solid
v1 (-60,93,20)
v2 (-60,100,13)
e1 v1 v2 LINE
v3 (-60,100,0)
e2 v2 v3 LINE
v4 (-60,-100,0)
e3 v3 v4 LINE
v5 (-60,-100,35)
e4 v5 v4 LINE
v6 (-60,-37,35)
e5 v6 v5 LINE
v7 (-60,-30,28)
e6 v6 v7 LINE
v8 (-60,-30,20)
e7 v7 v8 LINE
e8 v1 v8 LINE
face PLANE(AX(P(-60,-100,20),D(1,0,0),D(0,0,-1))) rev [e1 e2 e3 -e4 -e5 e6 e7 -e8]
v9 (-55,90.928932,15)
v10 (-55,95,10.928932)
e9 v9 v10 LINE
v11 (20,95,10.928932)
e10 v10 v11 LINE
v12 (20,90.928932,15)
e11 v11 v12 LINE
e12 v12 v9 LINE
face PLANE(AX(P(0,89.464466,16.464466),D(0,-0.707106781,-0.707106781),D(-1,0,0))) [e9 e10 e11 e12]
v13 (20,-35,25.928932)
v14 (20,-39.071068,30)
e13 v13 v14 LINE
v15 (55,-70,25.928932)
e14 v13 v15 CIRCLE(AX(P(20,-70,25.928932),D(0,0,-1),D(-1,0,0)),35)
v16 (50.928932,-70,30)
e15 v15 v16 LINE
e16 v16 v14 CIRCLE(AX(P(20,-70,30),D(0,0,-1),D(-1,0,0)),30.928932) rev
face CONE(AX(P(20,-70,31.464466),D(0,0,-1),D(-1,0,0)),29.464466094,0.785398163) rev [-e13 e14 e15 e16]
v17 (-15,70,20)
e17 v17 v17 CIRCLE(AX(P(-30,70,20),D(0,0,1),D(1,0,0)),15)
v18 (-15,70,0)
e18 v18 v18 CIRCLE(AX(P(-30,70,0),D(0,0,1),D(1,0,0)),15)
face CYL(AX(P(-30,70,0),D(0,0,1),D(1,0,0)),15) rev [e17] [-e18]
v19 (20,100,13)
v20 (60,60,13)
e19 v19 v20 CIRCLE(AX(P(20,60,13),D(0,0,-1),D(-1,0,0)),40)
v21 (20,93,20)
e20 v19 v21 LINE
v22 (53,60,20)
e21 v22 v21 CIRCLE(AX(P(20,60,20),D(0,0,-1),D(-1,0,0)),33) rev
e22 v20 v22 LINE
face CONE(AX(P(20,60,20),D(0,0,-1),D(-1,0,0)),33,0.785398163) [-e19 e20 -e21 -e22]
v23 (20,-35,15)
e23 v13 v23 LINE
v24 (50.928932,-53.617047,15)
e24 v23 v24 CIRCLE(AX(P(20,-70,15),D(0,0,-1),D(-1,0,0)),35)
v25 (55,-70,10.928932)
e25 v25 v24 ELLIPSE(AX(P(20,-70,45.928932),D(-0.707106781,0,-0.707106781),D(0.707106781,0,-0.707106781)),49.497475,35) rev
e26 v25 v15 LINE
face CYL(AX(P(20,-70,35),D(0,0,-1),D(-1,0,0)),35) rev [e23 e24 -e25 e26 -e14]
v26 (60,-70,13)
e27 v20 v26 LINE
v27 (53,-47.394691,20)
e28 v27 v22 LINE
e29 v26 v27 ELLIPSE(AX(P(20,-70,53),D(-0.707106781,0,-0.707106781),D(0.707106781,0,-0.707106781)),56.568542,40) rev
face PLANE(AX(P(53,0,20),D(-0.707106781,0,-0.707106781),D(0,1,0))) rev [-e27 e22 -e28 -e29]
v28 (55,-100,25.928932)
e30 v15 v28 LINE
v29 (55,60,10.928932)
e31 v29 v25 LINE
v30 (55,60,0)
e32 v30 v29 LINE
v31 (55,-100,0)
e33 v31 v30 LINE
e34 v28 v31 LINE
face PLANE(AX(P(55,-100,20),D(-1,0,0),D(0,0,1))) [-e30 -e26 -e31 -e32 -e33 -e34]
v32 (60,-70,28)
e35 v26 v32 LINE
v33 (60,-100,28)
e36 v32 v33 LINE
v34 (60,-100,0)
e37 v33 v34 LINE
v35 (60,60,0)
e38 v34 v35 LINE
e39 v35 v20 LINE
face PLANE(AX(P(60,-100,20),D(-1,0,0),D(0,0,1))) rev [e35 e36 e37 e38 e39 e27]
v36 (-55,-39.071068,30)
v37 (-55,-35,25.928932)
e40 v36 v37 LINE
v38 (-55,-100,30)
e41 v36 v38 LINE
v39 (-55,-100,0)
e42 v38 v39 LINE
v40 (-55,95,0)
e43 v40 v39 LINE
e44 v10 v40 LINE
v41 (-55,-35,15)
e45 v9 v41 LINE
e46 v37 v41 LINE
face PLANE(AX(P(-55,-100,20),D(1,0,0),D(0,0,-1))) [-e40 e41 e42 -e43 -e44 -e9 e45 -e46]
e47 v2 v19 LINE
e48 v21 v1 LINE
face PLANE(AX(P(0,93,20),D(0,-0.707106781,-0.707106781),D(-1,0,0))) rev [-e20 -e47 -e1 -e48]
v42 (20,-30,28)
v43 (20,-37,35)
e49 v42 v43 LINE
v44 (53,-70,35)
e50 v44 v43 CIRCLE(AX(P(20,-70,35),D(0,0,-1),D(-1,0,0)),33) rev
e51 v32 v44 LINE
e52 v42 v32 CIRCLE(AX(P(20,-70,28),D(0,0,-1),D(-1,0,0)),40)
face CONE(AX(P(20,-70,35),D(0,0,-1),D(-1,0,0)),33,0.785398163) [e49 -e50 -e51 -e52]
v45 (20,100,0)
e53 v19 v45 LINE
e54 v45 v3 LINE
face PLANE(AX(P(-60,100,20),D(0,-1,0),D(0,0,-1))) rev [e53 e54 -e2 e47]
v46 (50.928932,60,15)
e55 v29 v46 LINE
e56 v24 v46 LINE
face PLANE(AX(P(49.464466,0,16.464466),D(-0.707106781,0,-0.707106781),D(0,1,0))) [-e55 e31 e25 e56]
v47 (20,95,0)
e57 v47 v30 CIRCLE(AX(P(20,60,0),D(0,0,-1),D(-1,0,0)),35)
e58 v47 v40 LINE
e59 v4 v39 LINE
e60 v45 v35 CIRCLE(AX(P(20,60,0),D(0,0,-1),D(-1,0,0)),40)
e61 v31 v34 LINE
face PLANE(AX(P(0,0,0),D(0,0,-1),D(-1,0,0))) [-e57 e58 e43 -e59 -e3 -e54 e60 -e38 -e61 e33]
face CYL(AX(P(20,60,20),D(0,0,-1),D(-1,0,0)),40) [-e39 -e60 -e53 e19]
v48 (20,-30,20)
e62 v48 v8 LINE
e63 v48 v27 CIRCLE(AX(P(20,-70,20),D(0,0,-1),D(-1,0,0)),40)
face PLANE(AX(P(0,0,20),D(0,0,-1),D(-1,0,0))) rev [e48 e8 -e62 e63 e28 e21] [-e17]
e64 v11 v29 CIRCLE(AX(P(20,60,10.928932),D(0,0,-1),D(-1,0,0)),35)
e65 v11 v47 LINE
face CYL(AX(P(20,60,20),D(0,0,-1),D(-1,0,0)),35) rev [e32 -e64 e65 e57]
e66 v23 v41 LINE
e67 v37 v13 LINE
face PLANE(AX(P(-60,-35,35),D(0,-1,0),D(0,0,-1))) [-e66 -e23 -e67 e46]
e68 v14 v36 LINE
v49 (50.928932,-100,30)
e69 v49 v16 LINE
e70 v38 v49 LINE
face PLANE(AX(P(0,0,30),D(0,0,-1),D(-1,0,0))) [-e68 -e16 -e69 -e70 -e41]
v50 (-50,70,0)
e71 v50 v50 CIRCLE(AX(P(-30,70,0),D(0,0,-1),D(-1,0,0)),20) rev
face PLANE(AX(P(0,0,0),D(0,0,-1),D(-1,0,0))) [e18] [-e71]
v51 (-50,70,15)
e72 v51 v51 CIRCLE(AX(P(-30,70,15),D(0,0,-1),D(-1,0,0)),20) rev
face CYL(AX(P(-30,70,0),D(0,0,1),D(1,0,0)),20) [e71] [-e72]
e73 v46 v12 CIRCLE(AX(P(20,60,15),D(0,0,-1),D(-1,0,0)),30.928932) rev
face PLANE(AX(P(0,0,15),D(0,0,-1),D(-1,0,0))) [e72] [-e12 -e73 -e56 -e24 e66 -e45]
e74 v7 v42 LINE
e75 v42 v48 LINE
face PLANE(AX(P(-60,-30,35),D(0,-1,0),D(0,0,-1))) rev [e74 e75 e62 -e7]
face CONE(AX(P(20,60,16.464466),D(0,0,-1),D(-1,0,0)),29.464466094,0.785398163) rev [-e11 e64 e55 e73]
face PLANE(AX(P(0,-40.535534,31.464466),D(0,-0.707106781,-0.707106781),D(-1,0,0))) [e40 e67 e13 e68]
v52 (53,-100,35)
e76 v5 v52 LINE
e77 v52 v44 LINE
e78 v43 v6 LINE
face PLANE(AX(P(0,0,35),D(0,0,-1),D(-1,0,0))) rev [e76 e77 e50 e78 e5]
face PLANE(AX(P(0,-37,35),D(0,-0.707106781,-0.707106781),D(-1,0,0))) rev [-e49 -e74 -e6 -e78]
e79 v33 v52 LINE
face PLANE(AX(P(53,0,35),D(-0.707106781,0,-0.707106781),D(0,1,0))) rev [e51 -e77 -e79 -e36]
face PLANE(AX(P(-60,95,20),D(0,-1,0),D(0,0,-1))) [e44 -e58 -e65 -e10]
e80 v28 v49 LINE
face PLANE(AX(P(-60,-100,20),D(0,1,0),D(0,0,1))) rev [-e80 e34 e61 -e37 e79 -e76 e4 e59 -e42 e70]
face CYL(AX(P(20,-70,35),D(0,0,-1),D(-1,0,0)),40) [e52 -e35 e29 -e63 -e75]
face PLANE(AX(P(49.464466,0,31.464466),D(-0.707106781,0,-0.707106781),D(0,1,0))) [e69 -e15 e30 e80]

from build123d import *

# Parameters (mm, degrees)
SKETCH1_W           = 120
SKETCH1_H           = 200
BOSS_EXTRUDE1_DEPTH = 20
SKETCH2_W           = 120
SKETCH2_H           = 70
BOSS_EXTRUDE2_DEPTH = 15
SKETCH3_R           = 15
CUT_EXTRUDE1_DEPTH  = 119.321595662
FILLET1_R           = 40
CHAMFER1_SIZE       = 7
SHELL2_T            = -5


with BuildPart() as part:
    # Sketch1 → Boss-Extrude1 (new body)
    with BuildSketch(Plane.XY):
        Rectangle(SKETCH1_W, SKETCH1_H)
    extrude(amount=BOSS_EXTRUDE1_DEPTH)

    # Sketch2 → Boss-Extrude2 (add)
    with BuildSketch(Plane.XY.offset(20)):
        with Locations((0, -65)):
            Rectangle(SKETCH2_W, SKETCH2_H)
    extrude(amount=BOSS_EXTRUDE2_DEPTH)

    # Sketch3 → Cut-Extrude1 (cut, through all)
    with BuildSketch(Plane.XY.offset(20)):
        with Locations((-30, 70)):
            Circle(SKETCH3_R)
    extrude(amount=-CUT_EXTRUDE1_DEPTH, mode=Mode.SUBTRACT)

    # Fillet1
    fillet1_edges = [part.edges().sort_by_distance(p)[0] for p in [
        (60, -30, 27.5),
        (60, 100, 10),
    ]]
    fillet(fillet1_edges, radius=FILLET1_R)

    # Chamfer1
    chamfer1_edges = [part.edges().sort_by_distance(p)[0] for p in [
        (60, -5, 20),
        (60, -85, 35),
        (-20, -30, 35),
        (48.284271247, -41.715728753, 35),
        (-20, 100, 20),
        (48.284271247, 88.284271247, 20),
    ]]
    chamfer(chamfer1_edges, length=CHAMFER1_SIZE)

    # Shell2
    shell2_openings = [part.faces().sort_by_distance(p)[0] for p in [
        (0.159993916, -3.518488273, 0),
        (-0.338362671, -100, 17.411008662),
    ]]
    offset(amount=SHELL2_T, openings=shell2_openings, kind=Kind.INTERSECTION)


solid = part.part
